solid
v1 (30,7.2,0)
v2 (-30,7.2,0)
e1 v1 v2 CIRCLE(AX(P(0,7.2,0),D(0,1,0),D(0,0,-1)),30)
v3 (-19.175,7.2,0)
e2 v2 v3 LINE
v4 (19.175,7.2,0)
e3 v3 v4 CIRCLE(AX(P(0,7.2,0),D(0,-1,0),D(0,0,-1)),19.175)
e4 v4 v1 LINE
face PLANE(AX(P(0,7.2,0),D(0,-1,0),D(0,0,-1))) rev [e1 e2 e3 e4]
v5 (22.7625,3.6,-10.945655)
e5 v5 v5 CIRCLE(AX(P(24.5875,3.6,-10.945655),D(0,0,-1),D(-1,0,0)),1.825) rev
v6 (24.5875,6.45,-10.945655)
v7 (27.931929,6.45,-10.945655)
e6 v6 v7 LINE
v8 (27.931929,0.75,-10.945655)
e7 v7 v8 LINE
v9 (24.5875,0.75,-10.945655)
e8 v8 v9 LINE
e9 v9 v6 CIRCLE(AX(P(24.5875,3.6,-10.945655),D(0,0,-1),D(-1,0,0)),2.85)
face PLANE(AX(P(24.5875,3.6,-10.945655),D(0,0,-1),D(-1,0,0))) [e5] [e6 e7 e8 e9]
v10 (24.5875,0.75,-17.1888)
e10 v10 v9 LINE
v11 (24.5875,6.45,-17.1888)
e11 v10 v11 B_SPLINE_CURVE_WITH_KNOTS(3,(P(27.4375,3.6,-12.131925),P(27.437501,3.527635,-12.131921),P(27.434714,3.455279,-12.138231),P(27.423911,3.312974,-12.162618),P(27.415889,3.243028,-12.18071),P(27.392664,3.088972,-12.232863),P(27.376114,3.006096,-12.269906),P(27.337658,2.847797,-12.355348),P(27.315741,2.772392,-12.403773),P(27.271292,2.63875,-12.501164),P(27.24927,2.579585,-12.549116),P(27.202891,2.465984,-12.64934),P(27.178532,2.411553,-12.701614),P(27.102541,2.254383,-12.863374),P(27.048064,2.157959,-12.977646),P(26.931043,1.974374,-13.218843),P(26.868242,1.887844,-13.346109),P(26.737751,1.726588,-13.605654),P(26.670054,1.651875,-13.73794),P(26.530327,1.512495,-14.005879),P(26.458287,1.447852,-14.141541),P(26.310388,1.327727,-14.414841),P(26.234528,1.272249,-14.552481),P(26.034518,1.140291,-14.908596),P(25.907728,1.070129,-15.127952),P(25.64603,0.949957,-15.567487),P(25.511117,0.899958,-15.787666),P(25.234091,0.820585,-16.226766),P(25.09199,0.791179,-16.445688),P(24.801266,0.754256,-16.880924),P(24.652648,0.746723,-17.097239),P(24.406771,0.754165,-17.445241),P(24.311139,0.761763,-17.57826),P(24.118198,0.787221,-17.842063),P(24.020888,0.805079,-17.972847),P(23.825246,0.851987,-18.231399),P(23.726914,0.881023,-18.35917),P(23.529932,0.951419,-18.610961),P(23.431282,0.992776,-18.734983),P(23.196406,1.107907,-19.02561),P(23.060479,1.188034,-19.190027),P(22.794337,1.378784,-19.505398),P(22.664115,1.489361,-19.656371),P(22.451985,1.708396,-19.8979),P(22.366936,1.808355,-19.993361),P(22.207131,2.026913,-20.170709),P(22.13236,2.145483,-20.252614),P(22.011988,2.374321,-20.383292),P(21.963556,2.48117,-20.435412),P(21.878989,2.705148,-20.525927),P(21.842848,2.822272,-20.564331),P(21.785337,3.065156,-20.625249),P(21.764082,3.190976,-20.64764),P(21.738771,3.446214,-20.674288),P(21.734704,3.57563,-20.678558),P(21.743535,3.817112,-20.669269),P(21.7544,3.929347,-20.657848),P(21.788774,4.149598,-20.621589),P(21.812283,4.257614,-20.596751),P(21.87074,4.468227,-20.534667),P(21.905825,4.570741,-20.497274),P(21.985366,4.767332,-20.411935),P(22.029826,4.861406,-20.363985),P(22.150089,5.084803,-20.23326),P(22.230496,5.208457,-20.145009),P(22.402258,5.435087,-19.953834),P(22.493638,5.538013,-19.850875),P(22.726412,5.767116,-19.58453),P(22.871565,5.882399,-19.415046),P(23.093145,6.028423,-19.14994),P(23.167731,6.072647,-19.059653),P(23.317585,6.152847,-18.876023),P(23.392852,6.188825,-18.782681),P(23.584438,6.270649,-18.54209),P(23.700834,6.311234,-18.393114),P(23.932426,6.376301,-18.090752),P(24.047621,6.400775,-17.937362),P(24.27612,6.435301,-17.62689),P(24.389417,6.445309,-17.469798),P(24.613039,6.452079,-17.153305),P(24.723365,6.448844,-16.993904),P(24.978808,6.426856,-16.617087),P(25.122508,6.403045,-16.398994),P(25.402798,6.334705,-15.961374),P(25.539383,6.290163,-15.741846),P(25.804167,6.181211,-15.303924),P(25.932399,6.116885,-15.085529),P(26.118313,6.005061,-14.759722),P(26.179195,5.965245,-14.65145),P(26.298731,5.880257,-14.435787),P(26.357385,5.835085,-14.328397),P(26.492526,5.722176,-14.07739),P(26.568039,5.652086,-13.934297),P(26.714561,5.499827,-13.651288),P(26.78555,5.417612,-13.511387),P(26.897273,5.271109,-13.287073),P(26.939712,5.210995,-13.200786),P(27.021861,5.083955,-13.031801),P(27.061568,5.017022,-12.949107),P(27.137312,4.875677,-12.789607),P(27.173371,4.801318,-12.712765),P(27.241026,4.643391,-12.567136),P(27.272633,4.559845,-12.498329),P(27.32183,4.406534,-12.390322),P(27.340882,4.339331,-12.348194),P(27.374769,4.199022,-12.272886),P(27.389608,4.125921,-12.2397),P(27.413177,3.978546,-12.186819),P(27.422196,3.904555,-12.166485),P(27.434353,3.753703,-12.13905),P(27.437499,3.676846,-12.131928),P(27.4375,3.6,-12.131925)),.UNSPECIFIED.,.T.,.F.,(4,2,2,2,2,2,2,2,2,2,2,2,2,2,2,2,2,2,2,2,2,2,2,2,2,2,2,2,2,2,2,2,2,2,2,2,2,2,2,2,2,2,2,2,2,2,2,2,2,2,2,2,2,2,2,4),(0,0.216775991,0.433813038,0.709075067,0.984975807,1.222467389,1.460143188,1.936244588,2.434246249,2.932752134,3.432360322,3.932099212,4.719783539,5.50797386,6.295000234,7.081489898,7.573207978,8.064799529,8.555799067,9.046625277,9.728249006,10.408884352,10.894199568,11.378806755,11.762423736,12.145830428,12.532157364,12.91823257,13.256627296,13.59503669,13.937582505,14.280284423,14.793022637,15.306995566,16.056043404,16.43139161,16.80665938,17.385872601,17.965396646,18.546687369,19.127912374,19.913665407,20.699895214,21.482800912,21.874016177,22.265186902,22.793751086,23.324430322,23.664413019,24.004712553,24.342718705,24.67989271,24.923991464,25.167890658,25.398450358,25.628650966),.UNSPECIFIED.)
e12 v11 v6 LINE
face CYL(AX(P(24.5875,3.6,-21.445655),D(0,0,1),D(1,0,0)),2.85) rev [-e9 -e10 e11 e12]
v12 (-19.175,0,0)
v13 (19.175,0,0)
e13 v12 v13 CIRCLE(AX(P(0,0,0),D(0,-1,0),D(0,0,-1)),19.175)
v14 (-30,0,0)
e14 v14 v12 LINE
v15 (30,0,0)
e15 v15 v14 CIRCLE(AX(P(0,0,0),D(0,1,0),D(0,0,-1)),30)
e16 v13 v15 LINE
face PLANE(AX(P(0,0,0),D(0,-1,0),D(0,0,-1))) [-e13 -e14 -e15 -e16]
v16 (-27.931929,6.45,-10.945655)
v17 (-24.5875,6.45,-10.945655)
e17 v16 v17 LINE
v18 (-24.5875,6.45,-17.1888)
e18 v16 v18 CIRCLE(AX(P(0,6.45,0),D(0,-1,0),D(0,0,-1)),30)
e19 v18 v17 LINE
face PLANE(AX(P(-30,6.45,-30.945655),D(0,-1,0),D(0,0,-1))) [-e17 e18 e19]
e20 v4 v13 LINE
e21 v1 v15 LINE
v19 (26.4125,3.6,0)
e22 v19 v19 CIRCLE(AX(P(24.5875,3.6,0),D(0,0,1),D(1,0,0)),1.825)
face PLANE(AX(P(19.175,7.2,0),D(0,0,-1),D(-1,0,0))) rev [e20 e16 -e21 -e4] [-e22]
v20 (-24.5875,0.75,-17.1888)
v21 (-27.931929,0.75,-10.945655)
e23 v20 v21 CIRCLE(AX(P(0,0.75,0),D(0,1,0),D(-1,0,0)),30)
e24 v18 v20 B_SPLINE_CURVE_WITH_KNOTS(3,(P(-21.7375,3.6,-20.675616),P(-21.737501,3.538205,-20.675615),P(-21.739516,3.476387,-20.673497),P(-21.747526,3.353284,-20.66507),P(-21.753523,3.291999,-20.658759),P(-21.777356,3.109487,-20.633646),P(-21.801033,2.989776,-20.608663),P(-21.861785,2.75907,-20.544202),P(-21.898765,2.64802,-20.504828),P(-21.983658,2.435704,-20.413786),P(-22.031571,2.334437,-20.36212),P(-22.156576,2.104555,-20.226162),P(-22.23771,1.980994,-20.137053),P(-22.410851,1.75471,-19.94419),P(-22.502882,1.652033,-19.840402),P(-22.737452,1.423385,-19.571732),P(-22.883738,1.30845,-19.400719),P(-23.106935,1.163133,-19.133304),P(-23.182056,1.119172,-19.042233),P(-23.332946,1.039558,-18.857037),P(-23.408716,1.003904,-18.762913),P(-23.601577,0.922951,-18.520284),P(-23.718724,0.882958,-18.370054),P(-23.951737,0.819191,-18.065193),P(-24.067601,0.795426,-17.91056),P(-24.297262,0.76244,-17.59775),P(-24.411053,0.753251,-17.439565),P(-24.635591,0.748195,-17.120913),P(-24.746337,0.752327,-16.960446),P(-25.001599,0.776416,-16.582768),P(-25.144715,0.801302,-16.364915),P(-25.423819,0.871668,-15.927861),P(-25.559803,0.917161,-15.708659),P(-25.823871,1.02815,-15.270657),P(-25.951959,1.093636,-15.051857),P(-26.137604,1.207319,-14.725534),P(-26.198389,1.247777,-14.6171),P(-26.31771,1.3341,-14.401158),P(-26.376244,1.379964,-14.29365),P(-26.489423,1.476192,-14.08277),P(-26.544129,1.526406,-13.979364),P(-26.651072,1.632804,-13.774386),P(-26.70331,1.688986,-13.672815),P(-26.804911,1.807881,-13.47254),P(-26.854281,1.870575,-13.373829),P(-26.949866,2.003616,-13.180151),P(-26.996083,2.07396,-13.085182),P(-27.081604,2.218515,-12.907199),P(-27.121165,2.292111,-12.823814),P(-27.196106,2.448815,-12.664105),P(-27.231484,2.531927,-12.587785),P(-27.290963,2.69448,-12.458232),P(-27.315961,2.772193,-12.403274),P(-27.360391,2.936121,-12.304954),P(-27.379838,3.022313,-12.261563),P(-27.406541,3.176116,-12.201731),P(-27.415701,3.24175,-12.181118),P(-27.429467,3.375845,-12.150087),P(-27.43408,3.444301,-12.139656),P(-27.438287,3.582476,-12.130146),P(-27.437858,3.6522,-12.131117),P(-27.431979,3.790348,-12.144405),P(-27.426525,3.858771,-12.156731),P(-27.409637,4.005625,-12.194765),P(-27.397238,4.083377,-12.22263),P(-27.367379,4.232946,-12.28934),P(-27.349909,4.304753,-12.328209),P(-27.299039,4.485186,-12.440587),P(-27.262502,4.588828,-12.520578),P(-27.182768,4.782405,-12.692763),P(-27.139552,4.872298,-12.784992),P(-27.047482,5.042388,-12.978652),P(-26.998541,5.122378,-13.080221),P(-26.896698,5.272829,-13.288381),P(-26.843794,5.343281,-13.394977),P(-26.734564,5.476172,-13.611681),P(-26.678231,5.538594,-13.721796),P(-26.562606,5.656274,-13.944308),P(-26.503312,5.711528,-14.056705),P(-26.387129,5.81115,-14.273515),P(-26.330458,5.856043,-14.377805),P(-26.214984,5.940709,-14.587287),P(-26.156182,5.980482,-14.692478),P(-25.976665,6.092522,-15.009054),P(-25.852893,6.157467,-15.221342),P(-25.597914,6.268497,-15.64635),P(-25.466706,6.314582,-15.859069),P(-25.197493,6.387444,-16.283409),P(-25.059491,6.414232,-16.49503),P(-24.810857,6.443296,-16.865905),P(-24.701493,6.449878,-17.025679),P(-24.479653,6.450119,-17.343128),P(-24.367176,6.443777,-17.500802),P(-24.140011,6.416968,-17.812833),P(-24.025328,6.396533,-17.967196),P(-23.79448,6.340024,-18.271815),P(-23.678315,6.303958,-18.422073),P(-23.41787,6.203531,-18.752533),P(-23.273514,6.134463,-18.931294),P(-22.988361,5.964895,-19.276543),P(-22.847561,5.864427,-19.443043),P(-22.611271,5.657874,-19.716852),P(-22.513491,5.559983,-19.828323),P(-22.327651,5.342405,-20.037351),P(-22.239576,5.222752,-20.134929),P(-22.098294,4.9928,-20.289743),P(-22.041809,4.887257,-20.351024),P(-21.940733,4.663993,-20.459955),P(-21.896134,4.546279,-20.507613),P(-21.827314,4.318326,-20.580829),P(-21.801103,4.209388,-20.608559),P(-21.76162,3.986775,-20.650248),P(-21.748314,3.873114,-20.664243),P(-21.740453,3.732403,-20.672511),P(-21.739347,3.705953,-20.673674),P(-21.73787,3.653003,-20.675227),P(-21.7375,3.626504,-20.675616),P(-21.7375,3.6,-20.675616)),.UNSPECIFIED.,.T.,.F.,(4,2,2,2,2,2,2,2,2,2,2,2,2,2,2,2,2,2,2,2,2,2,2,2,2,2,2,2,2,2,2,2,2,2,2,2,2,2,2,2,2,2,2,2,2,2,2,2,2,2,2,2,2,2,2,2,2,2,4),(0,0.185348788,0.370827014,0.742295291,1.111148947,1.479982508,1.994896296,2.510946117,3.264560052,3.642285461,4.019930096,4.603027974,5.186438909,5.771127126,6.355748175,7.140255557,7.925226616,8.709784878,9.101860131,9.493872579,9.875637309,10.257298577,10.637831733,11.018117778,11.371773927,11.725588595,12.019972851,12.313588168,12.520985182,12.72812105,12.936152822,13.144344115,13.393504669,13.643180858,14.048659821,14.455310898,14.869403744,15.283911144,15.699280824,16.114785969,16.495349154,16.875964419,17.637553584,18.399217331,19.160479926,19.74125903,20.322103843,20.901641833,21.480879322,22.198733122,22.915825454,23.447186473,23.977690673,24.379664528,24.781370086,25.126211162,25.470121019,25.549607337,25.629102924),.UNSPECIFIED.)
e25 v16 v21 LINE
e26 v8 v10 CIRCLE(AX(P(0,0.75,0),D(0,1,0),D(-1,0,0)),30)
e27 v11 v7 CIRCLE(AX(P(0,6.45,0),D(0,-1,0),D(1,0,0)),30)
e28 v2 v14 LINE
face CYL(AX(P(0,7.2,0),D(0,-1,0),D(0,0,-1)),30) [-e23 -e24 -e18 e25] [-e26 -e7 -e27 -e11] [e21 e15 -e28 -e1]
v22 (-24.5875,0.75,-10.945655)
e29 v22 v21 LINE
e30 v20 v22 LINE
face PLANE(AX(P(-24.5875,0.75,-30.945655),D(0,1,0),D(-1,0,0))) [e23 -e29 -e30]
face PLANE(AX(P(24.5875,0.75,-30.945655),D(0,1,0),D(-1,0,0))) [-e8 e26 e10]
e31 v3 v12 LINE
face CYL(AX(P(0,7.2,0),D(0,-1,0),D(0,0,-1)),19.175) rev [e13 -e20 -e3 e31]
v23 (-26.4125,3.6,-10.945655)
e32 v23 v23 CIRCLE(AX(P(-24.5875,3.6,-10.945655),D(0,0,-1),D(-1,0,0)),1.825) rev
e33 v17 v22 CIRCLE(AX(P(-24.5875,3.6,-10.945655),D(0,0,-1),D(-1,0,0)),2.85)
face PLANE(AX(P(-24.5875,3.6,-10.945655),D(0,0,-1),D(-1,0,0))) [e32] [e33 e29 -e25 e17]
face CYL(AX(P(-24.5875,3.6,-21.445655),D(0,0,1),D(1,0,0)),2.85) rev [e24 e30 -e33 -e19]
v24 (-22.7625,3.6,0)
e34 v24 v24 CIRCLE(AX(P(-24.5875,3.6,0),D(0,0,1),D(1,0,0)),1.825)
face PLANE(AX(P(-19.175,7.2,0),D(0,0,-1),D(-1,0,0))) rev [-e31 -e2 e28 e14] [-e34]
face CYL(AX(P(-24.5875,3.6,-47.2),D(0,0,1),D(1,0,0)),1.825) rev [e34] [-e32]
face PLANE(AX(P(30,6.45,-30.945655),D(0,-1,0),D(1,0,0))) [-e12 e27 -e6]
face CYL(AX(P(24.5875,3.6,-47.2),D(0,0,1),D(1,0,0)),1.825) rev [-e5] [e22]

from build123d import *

# Parameters (mm, degrees)
BOSS_EXTRUDE1_DEPTH     = 7.2
SKETCH2_R               = 1.825
CUT_EXTRUDE1_DEPTH      = 47.2
CUT_EXTRUDE3_DEPTH      = 5
CUT_EXTRUDE3_DEPTH_BACK = 5.5
SKETCH3_R               = 2.85
CUT_EXTRUDE4_DEPTH      = 20


with BuildPart() as part:
    # Sketch1 → Boss-Extrude1 (new body)
    with BuildSketch(Plane(origin=(0, 0, 0), x_dir=(1, 0, 0), z_dir=(0, 1, 0))):
        with BuildLine():
            Line((-19.175, 0), (-30, 0))
            ThreePointArc((-30, 0), (0, 30), (30, 0))
            Line((30, 0), (19.175, 0))
            ThreePointArc((19.175, 0), (0, 19.175), (-19.175, 0))
        make_face()
    extrude(amount=BOSS_EXTRUDE1_DEPTH)

    # Sketch2 → Cut-Extrude1 (cut)
    with BuildSketch(Plane.XY):
        with Locations((-24.5875, 3.6)):
            Circle(SKETCH2_R)
        with Locations((24.5875, 3.6)):
            Circle(SKETCH2_R)
    extrude(amount=-CUT_EXTRUDE1_DEPTH, mode=Mode.SUBTRACT)

    # Sketch3 → Cut-Extrude3 (cut, two sides: drawn at the far end of the back side and taken through both)
    with BuildSketch(Plane(origin=(0, 0, -16.445655164), x_dir=(0, -1, 0), z_dir=(0, 0, -1)).offset(-CUT_EXTRUDE3_DEPTH_BACK)):
        with Locations(Location((-3.6, 24.5875, 0), (0, 0, 270))):
            Circle(SKETCH3_R)
        with Locations(Location((-3.6, -24.5875, 0), (0, 0, 270))):
            Circle(SKETCH3_R)
    extrude(amount=CUT_EXTRUDE3_DEPTH + CUT_EXTRUDE3_DEPTH_BACK, mode=Mode.SUBTRACT)

    # Sketch4 → Cut-Extrude4 (cut)
    with BuildSketch(Plane(origin=(0, 0, -10.945655164), x_dir=(1, 0, 0), z_dir=(0, 0, -1))):
        with BuildLine():
            Line((-30, -0.75), (-30, -6.45))
            Line((-30, -6.45), (-24.5875, -6.45))
            ThreePointArc((-24.5875, -6.45), (-21.7375, -3.6), (-24.5875, -0.75))
            Line((-24.5875, -0.75), (-30, -0.75))
        make_face()
        with BuildLine():
            Line((30, -0.75), (30, -6.45))
            Line((30, -6.45), (24.5875, -6.45))
            ThreePointArc((24.5875, -6.45), (21.7375, -3.6), (24.5875, -0.75))
            Line((24.5875, -0.75), (30, -0.75))
        make_face()
    extrude(amount=CUT_EXTRUDE4_DEPTH, mode=Mode.SUBTRACT)


solid = part.part
